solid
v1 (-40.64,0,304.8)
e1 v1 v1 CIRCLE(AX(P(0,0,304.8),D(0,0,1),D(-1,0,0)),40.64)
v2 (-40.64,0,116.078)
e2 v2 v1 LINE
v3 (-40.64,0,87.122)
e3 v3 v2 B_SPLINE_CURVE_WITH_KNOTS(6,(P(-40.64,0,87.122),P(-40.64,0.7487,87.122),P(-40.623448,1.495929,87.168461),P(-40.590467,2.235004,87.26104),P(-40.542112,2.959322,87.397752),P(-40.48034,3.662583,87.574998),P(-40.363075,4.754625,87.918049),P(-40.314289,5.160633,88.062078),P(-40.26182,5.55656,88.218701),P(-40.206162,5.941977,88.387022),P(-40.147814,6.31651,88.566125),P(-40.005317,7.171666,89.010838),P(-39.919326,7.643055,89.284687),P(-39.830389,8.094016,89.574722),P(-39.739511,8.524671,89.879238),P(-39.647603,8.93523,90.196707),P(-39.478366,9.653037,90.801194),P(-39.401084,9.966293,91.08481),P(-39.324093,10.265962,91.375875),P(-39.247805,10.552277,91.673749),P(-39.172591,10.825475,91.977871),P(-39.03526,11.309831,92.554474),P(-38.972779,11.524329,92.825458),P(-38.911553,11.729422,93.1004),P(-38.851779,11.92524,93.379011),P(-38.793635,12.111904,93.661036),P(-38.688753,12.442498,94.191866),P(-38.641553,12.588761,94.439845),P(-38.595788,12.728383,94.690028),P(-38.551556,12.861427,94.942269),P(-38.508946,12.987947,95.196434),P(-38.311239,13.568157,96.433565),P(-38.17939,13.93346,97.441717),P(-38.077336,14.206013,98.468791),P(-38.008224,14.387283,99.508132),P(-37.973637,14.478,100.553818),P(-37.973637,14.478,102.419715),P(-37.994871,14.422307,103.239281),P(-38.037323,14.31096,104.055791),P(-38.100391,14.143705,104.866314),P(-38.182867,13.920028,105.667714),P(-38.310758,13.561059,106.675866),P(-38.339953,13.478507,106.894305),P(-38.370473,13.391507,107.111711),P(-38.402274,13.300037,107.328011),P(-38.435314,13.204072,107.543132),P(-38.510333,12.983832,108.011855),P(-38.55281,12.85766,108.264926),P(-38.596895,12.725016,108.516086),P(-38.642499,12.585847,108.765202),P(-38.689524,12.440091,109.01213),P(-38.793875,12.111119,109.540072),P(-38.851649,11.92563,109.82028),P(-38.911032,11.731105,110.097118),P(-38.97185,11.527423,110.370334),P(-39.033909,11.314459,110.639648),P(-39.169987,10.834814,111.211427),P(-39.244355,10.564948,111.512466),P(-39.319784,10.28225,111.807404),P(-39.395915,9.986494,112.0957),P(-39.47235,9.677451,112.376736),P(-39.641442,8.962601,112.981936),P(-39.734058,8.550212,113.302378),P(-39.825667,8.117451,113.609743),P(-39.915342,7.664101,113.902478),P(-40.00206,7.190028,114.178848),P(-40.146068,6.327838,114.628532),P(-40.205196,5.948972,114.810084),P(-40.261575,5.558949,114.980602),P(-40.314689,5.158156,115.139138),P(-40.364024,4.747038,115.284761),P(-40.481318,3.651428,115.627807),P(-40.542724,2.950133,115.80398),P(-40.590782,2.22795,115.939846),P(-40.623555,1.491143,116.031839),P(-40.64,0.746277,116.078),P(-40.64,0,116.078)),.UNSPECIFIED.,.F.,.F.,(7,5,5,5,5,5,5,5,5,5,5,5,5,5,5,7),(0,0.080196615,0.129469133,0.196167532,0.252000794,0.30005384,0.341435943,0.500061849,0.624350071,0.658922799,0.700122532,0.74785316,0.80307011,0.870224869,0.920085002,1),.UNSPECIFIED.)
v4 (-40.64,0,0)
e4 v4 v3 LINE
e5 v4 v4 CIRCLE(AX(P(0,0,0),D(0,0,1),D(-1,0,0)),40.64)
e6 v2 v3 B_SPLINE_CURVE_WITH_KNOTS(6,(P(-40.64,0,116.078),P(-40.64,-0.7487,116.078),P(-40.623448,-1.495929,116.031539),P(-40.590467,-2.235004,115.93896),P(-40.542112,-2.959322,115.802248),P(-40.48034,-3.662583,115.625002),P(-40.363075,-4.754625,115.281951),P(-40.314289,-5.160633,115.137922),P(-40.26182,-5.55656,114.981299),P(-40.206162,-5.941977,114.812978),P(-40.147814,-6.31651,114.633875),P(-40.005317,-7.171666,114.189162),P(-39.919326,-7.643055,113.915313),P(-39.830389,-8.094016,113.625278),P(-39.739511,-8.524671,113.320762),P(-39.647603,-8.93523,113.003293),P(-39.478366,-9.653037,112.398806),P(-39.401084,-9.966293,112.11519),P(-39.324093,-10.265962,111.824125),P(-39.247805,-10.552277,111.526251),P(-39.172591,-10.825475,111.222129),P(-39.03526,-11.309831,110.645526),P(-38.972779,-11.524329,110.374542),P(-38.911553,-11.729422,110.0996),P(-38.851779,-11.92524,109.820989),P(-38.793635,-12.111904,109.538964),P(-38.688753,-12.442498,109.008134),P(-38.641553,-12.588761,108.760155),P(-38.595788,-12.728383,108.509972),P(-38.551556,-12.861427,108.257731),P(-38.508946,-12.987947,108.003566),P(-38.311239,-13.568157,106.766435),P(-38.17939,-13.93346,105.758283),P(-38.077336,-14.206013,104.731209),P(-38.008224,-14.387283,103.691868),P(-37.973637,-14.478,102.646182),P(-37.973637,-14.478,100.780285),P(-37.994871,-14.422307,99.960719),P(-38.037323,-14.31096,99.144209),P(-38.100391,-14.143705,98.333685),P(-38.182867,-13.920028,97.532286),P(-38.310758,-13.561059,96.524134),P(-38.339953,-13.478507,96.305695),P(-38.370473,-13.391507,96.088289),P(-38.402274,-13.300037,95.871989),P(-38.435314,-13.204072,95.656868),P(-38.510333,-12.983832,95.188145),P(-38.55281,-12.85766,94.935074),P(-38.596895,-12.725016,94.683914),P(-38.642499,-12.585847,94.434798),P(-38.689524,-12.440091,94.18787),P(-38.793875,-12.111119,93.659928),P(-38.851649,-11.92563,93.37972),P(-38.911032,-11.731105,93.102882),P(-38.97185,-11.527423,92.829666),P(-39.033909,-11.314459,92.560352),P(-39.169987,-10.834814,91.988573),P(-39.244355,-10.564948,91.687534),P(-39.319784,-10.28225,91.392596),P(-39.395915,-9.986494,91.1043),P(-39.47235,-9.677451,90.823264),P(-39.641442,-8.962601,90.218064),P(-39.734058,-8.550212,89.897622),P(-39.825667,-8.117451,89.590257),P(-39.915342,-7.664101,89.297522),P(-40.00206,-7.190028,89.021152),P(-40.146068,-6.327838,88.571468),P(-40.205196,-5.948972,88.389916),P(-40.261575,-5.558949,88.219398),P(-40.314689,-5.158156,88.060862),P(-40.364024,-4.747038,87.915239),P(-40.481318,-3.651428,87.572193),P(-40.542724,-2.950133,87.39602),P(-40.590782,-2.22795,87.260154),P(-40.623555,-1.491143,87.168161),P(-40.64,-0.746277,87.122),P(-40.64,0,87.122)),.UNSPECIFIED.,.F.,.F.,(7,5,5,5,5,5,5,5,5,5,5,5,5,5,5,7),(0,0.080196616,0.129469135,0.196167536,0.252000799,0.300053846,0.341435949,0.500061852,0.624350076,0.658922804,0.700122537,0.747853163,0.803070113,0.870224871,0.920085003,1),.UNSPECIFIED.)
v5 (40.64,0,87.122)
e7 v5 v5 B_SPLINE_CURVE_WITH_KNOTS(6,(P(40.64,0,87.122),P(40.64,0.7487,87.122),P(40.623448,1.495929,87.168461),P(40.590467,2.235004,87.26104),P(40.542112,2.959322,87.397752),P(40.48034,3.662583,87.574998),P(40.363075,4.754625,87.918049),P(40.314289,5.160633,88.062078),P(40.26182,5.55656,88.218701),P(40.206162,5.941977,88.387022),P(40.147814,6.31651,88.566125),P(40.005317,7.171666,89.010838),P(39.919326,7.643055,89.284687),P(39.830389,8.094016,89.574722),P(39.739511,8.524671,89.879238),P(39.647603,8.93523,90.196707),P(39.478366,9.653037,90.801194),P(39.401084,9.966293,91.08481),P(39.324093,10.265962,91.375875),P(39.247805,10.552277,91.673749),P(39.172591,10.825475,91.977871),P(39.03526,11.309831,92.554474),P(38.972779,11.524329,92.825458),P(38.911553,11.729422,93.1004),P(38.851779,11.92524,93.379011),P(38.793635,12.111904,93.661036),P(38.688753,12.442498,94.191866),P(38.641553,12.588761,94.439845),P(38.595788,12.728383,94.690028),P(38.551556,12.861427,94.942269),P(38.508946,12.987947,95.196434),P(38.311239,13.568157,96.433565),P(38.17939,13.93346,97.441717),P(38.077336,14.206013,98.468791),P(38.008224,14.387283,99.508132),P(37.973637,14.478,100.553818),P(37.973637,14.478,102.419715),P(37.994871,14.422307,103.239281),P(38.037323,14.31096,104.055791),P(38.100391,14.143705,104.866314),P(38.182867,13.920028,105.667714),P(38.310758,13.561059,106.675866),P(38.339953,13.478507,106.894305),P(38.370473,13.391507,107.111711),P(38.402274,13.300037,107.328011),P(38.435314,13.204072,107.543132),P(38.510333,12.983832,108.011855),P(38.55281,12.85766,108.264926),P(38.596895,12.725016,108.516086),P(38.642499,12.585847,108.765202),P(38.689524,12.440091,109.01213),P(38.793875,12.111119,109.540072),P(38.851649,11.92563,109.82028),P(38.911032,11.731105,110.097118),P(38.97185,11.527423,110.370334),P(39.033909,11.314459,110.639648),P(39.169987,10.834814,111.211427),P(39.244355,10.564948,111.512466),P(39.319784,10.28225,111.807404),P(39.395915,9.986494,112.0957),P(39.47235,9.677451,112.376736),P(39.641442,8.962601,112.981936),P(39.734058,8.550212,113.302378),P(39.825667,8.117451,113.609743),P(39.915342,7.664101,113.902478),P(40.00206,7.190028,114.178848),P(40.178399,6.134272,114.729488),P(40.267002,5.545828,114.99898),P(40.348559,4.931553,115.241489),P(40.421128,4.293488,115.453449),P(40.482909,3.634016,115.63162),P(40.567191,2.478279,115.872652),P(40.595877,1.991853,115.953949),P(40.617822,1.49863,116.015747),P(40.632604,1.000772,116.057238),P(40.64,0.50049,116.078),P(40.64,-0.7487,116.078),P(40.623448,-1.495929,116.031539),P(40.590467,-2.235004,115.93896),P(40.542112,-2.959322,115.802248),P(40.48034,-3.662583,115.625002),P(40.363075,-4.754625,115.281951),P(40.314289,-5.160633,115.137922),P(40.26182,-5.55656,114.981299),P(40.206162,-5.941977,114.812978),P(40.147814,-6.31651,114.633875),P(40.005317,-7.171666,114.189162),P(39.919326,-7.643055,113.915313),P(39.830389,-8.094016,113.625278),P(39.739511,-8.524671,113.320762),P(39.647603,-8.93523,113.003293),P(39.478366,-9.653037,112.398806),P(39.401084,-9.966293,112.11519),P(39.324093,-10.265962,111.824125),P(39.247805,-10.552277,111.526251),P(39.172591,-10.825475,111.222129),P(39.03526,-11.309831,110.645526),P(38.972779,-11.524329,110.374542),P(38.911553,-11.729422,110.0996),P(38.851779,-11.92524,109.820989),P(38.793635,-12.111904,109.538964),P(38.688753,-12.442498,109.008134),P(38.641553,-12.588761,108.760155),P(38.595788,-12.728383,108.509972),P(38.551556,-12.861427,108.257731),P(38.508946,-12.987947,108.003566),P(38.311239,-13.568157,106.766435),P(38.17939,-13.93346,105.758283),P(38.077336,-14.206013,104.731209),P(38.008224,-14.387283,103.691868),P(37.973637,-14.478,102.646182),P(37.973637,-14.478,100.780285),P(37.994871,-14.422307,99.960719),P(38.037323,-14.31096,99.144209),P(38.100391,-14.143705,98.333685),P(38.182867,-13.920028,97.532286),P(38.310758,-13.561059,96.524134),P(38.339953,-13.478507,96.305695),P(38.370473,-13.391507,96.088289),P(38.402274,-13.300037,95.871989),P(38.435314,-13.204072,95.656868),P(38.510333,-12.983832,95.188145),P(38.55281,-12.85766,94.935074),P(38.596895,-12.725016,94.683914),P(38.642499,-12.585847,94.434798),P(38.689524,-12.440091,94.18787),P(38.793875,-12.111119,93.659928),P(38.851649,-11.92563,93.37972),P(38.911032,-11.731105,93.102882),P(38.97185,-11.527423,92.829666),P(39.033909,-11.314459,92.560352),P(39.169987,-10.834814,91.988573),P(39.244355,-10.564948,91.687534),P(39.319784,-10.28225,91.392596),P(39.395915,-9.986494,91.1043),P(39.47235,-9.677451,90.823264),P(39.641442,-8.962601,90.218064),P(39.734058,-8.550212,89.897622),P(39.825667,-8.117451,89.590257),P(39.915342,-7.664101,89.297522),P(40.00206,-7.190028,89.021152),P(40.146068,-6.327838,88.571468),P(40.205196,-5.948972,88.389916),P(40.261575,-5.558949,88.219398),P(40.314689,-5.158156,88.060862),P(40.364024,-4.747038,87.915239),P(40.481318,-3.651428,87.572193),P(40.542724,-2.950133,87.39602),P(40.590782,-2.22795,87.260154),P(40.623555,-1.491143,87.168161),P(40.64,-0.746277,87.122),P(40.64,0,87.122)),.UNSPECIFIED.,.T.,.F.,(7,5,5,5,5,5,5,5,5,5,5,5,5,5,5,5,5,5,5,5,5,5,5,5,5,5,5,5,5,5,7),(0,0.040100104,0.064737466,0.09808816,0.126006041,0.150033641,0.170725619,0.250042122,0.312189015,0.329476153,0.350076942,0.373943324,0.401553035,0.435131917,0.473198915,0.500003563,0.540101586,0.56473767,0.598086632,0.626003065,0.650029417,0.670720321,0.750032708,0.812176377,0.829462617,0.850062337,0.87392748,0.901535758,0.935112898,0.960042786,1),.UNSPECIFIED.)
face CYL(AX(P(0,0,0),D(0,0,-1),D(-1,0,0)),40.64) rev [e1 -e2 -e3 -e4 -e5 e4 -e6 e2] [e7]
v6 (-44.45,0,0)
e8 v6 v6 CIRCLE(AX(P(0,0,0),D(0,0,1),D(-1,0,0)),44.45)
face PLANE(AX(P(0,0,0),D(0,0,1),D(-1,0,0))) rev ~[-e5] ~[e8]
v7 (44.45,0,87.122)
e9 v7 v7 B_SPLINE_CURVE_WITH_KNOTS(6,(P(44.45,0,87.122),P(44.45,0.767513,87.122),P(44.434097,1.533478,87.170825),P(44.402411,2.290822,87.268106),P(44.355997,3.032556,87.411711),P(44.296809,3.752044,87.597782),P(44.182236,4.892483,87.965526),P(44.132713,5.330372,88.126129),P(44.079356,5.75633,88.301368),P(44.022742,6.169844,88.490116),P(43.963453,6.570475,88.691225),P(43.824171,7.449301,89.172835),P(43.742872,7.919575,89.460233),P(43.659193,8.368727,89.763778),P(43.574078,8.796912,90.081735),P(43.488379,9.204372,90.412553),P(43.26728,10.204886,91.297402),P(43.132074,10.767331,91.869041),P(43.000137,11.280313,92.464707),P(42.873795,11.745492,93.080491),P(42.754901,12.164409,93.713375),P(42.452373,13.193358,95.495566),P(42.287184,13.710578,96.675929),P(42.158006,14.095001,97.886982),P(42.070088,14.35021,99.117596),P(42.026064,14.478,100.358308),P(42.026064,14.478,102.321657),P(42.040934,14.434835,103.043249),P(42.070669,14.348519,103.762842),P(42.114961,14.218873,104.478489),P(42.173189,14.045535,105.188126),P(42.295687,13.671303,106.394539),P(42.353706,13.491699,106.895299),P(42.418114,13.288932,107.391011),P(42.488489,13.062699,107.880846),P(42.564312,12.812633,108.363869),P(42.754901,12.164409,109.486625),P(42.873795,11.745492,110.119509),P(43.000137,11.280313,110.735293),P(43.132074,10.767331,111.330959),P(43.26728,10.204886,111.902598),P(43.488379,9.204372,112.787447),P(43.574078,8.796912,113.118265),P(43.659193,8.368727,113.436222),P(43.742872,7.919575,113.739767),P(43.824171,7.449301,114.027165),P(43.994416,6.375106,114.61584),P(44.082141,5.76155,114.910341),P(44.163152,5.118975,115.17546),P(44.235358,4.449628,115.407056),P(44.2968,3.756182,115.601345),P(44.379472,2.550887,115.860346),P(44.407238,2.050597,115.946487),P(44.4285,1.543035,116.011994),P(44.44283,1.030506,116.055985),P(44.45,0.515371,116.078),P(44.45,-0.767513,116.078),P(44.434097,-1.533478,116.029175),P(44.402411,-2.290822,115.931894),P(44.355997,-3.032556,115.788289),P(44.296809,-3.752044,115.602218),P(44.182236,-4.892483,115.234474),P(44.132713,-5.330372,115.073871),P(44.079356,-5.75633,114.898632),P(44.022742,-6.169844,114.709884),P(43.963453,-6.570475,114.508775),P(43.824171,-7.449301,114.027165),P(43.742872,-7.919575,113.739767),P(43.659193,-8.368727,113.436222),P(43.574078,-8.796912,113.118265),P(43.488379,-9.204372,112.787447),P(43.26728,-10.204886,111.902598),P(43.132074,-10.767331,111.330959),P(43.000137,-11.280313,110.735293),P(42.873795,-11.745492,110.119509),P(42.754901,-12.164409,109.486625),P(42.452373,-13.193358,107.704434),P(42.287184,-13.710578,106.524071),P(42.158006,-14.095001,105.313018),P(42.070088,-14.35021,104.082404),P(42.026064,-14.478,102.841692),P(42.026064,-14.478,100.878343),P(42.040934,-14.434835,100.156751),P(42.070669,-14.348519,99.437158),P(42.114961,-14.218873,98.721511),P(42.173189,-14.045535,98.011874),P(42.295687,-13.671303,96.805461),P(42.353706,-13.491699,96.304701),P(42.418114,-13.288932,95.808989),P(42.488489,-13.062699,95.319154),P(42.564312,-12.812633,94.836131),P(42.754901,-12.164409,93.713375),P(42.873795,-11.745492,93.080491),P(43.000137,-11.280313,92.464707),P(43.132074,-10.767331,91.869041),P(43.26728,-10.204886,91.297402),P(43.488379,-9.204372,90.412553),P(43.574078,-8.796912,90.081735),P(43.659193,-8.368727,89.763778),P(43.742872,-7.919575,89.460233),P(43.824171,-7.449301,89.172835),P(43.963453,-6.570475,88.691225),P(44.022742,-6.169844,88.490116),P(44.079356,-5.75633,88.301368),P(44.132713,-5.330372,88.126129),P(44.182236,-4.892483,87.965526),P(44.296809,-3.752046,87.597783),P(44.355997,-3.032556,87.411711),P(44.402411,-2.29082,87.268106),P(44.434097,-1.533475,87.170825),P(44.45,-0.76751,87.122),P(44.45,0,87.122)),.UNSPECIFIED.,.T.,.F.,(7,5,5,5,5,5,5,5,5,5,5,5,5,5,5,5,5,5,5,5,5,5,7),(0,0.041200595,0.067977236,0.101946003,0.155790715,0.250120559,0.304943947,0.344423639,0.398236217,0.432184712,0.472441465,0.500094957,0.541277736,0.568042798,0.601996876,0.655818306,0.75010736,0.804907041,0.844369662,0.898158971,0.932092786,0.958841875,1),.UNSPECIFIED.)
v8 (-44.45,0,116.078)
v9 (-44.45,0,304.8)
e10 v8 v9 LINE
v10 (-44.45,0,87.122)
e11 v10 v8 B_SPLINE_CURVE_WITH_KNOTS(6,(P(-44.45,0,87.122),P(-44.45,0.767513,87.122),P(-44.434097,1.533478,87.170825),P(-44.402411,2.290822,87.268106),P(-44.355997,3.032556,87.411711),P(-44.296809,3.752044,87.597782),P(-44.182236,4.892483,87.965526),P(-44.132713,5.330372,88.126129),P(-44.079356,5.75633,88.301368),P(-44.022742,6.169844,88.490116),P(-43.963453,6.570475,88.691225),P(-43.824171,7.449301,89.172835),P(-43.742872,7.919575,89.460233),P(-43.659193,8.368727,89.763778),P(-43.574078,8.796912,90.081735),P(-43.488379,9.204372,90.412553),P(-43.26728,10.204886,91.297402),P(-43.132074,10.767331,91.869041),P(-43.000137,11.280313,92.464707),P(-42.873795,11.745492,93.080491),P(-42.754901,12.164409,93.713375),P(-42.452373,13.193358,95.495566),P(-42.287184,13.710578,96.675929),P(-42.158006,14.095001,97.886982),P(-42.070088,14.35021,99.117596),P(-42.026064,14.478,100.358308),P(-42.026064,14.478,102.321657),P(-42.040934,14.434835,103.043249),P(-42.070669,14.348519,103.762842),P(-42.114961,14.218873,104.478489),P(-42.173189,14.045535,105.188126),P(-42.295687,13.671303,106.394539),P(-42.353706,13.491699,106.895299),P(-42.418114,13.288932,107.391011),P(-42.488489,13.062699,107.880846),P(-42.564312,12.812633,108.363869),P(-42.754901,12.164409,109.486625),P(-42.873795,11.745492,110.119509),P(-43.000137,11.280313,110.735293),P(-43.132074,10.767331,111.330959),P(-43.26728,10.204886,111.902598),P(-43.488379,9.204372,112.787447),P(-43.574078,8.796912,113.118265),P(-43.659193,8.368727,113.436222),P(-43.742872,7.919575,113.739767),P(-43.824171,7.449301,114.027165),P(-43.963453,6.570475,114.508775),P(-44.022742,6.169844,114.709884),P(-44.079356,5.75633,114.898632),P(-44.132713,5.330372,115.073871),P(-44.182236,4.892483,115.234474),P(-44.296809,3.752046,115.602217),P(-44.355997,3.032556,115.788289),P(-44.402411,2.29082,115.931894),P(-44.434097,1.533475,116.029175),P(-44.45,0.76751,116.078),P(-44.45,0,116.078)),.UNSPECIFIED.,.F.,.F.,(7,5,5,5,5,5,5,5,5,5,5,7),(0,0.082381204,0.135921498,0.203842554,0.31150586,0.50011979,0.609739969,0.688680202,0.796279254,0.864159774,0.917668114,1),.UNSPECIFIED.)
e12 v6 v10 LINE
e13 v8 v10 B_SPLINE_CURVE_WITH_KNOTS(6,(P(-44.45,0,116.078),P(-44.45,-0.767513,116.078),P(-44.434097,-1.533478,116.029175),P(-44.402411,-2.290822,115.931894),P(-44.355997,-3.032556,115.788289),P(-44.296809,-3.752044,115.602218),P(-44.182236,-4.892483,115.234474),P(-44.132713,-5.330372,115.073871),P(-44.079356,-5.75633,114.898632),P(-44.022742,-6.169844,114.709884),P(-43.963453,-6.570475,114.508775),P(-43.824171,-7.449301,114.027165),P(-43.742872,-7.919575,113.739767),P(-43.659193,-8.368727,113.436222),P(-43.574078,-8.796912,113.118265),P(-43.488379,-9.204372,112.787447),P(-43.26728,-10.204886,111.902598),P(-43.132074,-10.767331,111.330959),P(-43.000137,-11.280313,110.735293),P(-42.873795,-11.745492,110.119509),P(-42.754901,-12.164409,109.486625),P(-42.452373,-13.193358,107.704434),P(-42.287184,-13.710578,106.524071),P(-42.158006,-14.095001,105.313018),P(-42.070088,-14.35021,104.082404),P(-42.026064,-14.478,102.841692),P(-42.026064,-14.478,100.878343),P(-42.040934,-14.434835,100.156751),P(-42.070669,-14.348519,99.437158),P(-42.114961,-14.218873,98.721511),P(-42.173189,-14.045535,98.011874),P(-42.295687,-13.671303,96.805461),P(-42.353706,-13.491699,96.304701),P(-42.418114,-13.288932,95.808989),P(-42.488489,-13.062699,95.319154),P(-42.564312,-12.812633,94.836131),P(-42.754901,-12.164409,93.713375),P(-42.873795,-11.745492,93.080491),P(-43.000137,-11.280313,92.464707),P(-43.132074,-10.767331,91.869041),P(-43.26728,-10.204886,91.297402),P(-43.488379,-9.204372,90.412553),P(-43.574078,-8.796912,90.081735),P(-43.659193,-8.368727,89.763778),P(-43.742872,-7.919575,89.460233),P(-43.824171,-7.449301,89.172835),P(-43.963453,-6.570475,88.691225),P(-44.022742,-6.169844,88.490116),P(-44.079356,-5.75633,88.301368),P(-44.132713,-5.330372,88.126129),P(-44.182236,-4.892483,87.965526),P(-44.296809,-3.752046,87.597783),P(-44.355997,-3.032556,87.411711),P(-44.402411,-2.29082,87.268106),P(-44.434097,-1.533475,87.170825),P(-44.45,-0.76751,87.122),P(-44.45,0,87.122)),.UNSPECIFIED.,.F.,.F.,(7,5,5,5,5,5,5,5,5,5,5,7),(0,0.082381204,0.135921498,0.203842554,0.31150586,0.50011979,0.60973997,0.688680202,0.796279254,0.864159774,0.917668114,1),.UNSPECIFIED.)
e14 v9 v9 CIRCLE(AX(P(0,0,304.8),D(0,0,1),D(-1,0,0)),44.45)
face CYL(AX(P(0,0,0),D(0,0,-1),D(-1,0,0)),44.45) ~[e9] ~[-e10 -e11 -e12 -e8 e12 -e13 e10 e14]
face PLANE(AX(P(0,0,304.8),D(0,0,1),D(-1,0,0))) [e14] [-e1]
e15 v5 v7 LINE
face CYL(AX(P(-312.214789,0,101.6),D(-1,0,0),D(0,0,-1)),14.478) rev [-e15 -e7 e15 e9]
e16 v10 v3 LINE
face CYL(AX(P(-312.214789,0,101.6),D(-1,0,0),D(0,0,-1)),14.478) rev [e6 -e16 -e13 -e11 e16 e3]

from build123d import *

# Parameters (mm, degrees)
SKETCH1_R               = 44.45
SKETCH1_R_2             = 40.64
BOSS_EXTRUDE1_DEPTH     = 304.8
CUT_EXTRUDE1_DEPTH      = 312.214789173
CUT_EXTRUDE1_DEPTH_BACK = 312.214789173
SKETCH2_R               = 14.478


with BuildPart() as part:
    # Sketch1 → Boss-Extrude1 (new body)
    with BuildSketch(Plane(origin=(0, 0, 0), x_dir=(0, 1, 0), z_dir=(0, 0, 1))):
        with Locations(Location((0, 0, 0), (0, 0, 90))):
            Circle(SKETCH1_R)
        with Locations(Location((0, 0, 0), (0, 0, 90))):
            Circle(SKETCH1_R_2, mode=Mode.SUBTRACT)
    extrude(amount=BOSS_EXTRUDE1_DEPTH)

    # Sketch2 → Cut-Extrude1 (cut, two sides: drawn at the far end of the back side and taken through both)
    with BuildSketch(Plane.YZ.offset(-CUT_EXTRUDE1_DEPTH_BACK)):
        with Locations(Location((0, 101.6, 0), (0, 0, 270))):
            Circle(SKETCH2_R)
    extrude(amount=CUT_EXTRUDE1_DEPTH + CUT_EXTRUDE1_DEPTH_BACK, mode=Mode.SUBTRACT)


solid = part.part
